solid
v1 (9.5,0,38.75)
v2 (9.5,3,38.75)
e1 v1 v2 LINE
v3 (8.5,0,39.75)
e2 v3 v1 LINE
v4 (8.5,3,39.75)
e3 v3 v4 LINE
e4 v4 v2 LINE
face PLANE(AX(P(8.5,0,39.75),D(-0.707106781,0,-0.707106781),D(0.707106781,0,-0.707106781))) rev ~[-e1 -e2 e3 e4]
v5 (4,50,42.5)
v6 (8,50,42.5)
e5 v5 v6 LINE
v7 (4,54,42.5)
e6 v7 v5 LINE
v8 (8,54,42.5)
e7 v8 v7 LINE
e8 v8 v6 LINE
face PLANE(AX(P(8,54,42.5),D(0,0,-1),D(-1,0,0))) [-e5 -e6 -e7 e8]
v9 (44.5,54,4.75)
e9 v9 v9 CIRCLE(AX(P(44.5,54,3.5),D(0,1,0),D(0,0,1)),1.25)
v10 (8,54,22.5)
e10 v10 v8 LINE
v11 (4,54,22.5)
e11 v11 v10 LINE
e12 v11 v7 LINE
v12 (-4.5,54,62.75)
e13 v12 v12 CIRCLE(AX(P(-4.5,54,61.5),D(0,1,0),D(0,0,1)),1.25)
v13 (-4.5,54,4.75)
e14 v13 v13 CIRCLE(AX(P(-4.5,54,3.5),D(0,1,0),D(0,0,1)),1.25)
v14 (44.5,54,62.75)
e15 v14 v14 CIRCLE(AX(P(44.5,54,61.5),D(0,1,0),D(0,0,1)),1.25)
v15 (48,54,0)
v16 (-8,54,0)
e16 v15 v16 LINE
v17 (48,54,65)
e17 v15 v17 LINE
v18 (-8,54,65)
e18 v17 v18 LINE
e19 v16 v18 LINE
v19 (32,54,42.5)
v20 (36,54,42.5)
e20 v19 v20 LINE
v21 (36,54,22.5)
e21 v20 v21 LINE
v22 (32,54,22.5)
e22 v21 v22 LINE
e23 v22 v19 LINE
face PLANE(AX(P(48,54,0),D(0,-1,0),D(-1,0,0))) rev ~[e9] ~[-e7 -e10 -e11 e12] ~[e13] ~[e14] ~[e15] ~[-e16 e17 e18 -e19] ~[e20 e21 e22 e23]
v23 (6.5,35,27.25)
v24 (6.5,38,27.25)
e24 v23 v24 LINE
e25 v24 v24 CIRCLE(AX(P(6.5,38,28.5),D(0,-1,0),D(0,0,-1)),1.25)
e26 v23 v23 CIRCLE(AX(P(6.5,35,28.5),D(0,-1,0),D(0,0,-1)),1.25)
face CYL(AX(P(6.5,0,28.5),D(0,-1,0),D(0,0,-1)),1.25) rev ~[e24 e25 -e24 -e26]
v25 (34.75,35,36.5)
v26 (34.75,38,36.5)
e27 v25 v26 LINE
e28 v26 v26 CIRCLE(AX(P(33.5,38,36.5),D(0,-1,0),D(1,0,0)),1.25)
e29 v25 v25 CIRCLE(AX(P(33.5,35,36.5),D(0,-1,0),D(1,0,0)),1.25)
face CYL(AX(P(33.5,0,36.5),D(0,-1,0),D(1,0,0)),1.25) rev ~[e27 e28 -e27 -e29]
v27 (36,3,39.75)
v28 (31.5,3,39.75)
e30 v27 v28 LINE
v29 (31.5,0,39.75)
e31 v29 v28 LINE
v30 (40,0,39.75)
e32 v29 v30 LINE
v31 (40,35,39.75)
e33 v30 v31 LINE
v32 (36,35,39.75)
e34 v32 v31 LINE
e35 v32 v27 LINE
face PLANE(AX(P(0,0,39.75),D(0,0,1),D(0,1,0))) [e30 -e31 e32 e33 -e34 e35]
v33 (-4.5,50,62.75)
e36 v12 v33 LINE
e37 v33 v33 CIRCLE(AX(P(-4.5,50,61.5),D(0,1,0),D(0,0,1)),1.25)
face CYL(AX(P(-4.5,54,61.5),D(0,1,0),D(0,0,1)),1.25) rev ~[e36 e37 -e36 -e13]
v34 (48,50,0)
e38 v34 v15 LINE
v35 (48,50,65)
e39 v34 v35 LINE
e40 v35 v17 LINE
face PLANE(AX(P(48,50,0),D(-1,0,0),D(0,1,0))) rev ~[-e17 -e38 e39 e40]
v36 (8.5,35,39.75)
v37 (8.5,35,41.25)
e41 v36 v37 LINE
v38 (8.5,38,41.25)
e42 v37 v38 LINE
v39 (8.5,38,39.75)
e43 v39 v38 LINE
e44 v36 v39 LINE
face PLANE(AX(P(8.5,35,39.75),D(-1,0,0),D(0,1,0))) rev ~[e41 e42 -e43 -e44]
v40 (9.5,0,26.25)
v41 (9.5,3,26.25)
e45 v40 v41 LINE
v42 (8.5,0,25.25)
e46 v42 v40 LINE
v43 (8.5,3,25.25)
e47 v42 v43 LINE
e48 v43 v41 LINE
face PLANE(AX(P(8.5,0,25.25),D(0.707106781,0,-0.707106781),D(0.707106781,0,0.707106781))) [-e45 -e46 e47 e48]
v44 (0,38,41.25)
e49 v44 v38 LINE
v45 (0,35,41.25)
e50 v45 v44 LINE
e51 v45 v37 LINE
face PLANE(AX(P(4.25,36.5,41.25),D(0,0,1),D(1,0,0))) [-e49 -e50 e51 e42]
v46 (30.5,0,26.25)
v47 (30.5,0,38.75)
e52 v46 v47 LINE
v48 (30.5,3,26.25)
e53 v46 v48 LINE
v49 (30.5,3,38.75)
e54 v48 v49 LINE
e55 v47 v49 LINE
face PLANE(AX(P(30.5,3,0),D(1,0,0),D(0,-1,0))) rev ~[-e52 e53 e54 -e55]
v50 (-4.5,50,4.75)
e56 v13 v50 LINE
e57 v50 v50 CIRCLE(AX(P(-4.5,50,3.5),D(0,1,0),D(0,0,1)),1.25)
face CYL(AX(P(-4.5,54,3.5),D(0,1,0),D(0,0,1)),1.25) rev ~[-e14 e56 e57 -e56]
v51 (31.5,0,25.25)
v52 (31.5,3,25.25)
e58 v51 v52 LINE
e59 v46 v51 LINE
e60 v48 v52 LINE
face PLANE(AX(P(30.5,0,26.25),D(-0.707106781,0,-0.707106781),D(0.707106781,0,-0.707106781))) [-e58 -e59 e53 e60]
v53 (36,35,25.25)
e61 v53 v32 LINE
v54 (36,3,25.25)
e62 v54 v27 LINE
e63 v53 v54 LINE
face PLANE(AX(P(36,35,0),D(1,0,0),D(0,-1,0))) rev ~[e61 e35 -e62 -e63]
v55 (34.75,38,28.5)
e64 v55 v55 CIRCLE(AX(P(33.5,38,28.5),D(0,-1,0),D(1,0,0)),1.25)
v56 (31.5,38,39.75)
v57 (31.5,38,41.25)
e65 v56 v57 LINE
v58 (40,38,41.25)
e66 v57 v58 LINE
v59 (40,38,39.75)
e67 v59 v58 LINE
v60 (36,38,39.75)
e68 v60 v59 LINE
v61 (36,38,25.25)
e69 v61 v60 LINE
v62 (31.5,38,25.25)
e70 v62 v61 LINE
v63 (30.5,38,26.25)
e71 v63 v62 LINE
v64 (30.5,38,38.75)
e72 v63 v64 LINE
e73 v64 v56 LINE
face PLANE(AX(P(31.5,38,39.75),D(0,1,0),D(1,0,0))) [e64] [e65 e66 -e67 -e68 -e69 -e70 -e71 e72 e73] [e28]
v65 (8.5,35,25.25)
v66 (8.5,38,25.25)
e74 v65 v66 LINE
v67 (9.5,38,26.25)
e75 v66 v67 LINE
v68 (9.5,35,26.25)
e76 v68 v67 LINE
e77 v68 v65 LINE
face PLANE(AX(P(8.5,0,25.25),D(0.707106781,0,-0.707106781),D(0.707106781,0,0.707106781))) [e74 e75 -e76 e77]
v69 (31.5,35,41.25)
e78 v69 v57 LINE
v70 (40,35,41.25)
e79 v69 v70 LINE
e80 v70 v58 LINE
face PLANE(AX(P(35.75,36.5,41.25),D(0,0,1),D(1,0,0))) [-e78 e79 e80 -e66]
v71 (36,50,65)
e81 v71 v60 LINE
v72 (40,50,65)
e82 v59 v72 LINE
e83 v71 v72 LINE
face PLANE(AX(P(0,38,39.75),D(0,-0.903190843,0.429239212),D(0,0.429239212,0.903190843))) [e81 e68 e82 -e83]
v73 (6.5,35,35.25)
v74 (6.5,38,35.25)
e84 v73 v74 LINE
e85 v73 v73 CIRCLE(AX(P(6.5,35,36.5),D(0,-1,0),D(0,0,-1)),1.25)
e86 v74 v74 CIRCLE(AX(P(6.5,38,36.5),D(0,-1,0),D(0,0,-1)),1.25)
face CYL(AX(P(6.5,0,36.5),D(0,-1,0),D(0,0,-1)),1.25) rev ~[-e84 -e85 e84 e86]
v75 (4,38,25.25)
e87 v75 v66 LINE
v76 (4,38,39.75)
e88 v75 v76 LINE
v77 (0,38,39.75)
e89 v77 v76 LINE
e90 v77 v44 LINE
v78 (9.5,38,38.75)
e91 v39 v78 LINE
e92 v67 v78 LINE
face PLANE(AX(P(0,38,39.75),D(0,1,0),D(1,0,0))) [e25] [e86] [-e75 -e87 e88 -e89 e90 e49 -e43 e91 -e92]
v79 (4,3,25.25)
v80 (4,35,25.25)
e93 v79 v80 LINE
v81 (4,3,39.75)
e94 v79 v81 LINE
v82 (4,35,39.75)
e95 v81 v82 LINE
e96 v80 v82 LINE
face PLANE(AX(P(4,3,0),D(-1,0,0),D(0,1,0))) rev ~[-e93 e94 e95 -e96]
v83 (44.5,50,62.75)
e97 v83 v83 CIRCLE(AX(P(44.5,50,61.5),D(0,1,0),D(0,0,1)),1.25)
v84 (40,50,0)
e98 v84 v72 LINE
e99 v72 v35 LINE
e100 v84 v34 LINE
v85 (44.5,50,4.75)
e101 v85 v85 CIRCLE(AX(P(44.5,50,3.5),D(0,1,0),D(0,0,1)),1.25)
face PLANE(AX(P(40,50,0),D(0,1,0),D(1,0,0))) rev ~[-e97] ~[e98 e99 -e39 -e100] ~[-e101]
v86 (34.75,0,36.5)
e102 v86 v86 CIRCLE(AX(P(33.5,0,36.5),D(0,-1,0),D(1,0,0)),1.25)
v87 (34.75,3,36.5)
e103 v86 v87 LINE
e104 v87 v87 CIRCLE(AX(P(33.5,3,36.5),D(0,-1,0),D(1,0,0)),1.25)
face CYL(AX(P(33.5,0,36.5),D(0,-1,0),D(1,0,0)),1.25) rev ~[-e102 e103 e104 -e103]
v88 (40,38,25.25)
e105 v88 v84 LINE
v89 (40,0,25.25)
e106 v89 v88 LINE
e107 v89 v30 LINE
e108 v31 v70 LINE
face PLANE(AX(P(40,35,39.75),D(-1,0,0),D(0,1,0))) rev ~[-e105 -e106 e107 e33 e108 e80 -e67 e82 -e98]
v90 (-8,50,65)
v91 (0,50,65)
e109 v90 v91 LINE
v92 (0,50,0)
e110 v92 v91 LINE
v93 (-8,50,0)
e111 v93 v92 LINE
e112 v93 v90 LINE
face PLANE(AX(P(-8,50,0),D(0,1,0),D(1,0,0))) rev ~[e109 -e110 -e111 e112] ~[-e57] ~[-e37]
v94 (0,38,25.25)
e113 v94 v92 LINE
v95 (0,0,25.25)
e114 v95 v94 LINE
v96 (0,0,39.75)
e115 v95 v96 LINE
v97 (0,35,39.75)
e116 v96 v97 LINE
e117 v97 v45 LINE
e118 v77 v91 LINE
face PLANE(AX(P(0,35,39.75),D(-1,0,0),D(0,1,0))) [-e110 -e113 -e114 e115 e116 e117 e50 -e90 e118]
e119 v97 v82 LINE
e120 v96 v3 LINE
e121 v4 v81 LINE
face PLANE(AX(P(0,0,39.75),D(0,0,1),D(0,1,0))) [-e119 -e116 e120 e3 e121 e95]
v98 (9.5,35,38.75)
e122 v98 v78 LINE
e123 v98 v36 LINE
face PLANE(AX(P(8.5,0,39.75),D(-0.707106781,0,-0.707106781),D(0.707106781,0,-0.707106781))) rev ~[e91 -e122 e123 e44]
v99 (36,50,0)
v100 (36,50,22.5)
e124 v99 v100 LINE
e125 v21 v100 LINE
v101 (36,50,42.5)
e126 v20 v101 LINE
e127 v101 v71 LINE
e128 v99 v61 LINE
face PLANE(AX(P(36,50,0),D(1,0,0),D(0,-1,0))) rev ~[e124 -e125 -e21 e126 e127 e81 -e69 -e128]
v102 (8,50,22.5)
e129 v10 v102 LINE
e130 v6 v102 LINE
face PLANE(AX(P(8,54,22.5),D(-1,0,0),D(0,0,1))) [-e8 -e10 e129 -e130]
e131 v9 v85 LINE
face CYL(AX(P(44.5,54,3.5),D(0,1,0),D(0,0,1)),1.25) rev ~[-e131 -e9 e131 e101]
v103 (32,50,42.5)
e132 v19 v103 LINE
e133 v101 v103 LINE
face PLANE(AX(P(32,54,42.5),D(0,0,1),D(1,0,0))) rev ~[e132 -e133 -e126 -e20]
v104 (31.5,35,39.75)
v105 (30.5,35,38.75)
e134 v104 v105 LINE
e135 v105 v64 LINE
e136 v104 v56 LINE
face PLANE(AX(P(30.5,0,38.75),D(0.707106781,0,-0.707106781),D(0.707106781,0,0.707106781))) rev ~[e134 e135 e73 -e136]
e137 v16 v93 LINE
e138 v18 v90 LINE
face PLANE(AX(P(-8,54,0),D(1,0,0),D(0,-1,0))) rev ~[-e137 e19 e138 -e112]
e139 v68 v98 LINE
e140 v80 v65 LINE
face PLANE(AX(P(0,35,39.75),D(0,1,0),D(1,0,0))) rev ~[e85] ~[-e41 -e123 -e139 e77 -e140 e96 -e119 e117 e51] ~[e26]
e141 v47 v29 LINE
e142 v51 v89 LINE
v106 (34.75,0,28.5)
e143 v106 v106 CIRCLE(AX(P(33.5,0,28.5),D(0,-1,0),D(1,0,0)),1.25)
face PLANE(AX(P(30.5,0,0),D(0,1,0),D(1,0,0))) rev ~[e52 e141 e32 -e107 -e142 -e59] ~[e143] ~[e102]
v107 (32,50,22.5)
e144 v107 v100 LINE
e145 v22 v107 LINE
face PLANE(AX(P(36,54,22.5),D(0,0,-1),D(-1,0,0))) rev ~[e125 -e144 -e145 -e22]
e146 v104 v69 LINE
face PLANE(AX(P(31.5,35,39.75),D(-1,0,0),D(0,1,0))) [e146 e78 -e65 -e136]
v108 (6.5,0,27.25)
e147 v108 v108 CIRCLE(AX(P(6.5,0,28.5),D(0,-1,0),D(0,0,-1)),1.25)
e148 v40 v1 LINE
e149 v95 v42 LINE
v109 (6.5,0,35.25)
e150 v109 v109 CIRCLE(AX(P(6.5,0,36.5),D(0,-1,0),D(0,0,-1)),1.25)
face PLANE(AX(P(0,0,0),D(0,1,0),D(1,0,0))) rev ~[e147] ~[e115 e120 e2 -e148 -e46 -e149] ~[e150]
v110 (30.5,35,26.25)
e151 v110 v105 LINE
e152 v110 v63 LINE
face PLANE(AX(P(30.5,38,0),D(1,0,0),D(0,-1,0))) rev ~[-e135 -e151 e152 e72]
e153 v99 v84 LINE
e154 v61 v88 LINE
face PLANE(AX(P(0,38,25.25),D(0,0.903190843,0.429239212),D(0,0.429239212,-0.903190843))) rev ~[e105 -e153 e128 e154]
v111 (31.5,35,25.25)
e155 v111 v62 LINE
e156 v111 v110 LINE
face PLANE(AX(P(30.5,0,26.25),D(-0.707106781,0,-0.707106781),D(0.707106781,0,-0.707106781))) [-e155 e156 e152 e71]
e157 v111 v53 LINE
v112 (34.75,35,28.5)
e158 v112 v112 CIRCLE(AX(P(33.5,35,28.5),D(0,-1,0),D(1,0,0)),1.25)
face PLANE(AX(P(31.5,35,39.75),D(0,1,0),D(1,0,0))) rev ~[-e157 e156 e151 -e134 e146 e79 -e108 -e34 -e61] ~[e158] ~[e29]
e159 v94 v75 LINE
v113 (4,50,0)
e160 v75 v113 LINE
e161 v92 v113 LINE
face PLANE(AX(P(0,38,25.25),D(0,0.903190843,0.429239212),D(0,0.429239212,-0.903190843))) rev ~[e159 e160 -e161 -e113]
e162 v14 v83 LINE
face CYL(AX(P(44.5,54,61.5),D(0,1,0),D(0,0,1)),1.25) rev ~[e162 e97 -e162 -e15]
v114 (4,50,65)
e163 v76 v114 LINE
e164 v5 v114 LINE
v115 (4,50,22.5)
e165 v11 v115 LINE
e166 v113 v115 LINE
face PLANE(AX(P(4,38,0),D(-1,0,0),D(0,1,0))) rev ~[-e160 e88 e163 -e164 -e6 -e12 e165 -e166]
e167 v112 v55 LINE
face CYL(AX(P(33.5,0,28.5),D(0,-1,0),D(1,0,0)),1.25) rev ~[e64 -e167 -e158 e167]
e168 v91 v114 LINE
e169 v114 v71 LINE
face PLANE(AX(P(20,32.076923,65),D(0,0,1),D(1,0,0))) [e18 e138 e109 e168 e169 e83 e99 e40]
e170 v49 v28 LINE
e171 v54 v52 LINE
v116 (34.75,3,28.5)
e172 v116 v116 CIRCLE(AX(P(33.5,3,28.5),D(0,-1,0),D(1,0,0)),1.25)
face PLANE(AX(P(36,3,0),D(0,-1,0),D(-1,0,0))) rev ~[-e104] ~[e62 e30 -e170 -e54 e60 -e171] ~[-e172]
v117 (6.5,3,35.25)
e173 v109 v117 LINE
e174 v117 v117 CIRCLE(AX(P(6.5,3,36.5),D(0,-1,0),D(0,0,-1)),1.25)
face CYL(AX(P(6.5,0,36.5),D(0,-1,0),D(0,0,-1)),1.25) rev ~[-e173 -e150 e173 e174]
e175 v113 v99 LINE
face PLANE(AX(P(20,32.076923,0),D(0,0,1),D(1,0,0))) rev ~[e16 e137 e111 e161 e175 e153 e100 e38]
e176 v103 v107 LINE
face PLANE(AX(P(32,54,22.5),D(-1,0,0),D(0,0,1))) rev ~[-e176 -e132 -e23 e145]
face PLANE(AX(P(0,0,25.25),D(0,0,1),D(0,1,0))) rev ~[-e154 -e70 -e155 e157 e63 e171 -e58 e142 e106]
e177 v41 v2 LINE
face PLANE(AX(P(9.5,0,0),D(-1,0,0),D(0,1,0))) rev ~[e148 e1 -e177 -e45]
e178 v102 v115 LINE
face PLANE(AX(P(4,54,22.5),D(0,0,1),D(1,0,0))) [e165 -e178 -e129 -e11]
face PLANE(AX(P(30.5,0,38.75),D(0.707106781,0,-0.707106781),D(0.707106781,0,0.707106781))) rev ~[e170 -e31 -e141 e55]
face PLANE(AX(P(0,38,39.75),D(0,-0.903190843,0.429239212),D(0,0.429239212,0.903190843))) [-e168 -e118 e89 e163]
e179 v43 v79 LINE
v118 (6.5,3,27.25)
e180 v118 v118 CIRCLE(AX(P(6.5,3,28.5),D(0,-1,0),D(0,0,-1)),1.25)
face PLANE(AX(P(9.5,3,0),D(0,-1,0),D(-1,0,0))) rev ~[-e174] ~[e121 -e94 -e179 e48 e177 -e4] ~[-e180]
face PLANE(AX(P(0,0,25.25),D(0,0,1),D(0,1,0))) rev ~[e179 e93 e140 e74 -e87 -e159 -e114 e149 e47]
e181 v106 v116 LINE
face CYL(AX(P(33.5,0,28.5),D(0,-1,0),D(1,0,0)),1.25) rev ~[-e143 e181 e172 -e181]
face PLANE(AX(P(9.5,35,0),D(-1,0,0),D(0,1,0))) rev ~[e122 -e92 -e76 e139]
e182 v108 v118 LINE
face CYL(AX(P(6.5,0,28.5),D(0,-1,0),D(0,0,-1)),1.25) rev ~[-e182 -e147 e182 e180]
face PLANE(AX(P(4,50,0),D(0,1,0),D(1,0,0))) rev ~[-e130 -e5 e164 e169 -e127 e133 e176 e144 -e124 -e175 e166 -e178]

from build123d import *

# Parameters (mm, degrees)
EXTRUDE_1_DEPTH      = 65
CUT_EXTRUDE_2_REACH  = 99.185
SKETCH_2_R           = 1.25
CUT_EXTRUDE_4_REACH  = 99.185
SKETCH_10_R          = 1.25
CUT_EXTRUDE_8_DEPTH  = 98.185389848
CUT_EXTRUDE_9_REACH  = 99.185
CUT_EXTRUDE_10_REACH = 99.185
SKETCH_25_W          = 8.5
SKETCH_25_H          = 3
EXTRUDE_2_DEPTH      = 1.5
SKETCH_26_W          = 8.5
SKETCH_26_H          = 3
EXTRUDE_3_DEPTH      = 1.5
CUT_EXTRUDE_11_REACH = 99.185


with BuildPart() as part:
    # 草图1 → 凸台-拉伸1 (new body)
    with BuildSketch(Plane.XY):
        Polygon((9.5, 3), (4, 3), (4, 35), (9.5, 35), (9.5, 38), (4, 38), (4, 50), (36, 50), (36, 38), (30.5, 38), (30.5, 35), (36, 35), (36, 3), (30.5, 3), (30.5, 0), (40, 0), (40, 50), (48, 50), (48, 54), (-8, 54), (-8, 50), (0, 50), (0, 0), (9.5, 0), align=None)
    extrude(amount=EXTRUDE_1_DEPTH)

    # 草图2 → 切除-拉伸2 (cut, up to next)
    with BuildSketch(Plane(origin=(0, 54, 0), x_dir=(1, 0, 0), z_dir=(0, 1, 0)), mode=Mode.PRIVATE) as cut_extrude_2_sk1:
        with Locations(Location((-4.5, -61.5, 0), (0, 0, 270))):
            Circle(SKETCH_2_R)
    cut_extrude_2_tool1 = extrude(cut_extrude_2_sk1.sketch, amount=-CUT_EXTRUDE_2_REACH, mode=Mode.PRIVATE) & part.part
    # 草图2 → 切除-拉伸2 (cut, up to next)
    with BuildSketch(Plane(origin=(0, 54, 0), x_dir=(1, 0, 0), z_dir=(0, 1, 0)), mode=Mode.PRIVATE) as cut_extrude_2_sk2:
        with Locations(Location((44.5, -61.5, 0), (0, 0, 270))):
            Circle(SKETCH_2_R)
    cut_extrude_2_tool2 = extrude(cut_extrude_2_sk2.sketch, amount=-CUT_EXTRUDE_2_REACH, mode=Mode.PRIVATE) & part.part
    # 草图2 → 切除-拉伸2 (cut, up to next)
    with BuildSketch(Plane(origin=(0, 54, 0), x_dir=(1, 0, 0), z_dir=(0, 1, 0)), mode=Mode.PRIVATE) as cut_extrude_2_sk3:
        with Locations(Location((44.5, -3.5, 0), (0, 0, 270))):
            Circle(SKETCH_2_R)
    cut_extrude_2_tool3 = extrude(cut_extrude_2_sk3.sketch, amount=-CUT_EXTRUDE_2_REACH, mode=Mode.PRIVATE) & part.part
    # 草图2 → 切除-拉伸2 (cut, up to next)
    with BuildSketch(Plane(origin=(0, 54, 0), x_dir=(1, 0, 0), z_dir=(0, 1, 0)), mode=Mode.PRIVATE) as cut_extrude_2_sk4:
        with Locations(Location((-4.5, -3.5, 0), (0, 0, 270))):
            Circle(SKETCH_2_R)
    cut_extrude_2_tool4 = extrude(cut_extrude_2_sk4.sketch, amount=-CUT_EXTRUDE_2_REACH, mode=Mode.PRIVATE) & part.part
    add(cut_extrude_2_tool1.solids().sort_by_distance((-4.5, 54, 61.5))[0], mode=Mode.SUBTRACT)
    add(cut_extrude_2_tool2.solids().sort_by_distance((44.5, 54, 61.5))[0], mode=Mode.SUBTRACT)
    add(cut_extrude_2_tool3.solids().sort_by_distance((44.5, 54, 3.5))[0], mode=Mode.SUBTRACT)
    add(cut_extrude_2_tool4.solids().sort_by_distance((-4.5, 54, 3.5))[0], mode=Mode.SUBTRACT)

    # 切除-拉伸4: up to this face of the body (flat: up to its plane)
    cut_extrude_4_end = Plane(part.part.faces().sort_by_distance((6.75, 38, 32.5))[0])
    # 草图10 → 切除-拉伸4 (cut, up to the picked face)
    with BuildSketch(Plane.XZ, mode=Mode.PRIVATE) as cut_extrude_4_sk1:
        with Locations((33.5, 36.5)):
            Circle(SKETCH_10_R)
    cut_extrude_4_tool1 = split(extrude(cut_extrude_4_sk1.sketch, amount=-CUT_EXTRUDE_4_REACH, mode=Mode.PRIVATE), bisect_by=cut_extrude_4_end, keep=Keep.BOTH, mode=Mode.PRIVATE)
    # 草图10 → 切除-拉伸4 (cut, up to the picked face)
    with BuildSketch(Plane.XZ, mode=Mode.PRIVATE) as cut_extrude_4_sk2:
        with Locations((33.5, 28.5)):
            Circle(SKETCH_10_R)
    cut_extrude_4_tool2 = split(extrude(cut_extrude_4_sk2.sketch, amount=-CUT_EXTRUDE_4_REACH, mode=Mode.PRIVATE), bisect_by=cut_extrude_4_end, keep=Keep.BOTH, mode=Mode.PRIVATE)
    # 草图10 → 切除-拉伸4 (cut, up to the picked face)
    with BuildSketch(Plane.XZ, mode=Mode.PRIVATE) as cut_extrude_4_sk3:
        with Locations(Location((6.5, 28.5, 0), (0, 0, 270))):
            Circle(SKETCH_10_R)
    cut_extrude_4_tool3 = split(extrude(cut_extrude_4_sk3.sketch, amount=-CUT_EXTRUDE_4_REACH, mode=Mode.PRIVATE), bisect_by=cut_extrude_4_end, keep=Keep.BOTH, mode=Mode.PRIVATE)
    # 草图10 → 切除-拉伸4 (cut, up to the picked face)
    with BuildSketch(Plane.XZ, mode=Mode.PRIVATE) as cut_extrude_4_sk4:
        with Locations(Location((6.5, 36.5, 0), (0, 0, 270))):
            Circle(SKETCH_10_R)
    cut_extrude_4_tool4 = split(extrude(cut_extrude_4_sk4.sketch, amount=-CUT_EXTRUDE_4_REACH, mode=Mode.PRIVATE), bisect_by=cut_extrude_4_end, keep=Keep.BOTH, mode=Mode.PRIVATE)
    add(cut_extrude_4_tool1.solids().sort_by(Axis((33.5, 0, 36.5), (0, 1, 0)))[0], mode=Mode.SUBTRACT)
    add(cut_extrude_4_tool2.solids().sort_by(Axis((33.5, 0, 28.5), (0, 1, 0)))[0], mode=Mode.SUBTRACT)
    add(cut_extrude_4_tool3.solids().sort_by(Axis((6.5, 0, 28.5), (0, 1, 0)))[0], mode=Mode.SUBTRACT)
    add(cut_extrude_4_tool4.solids().sort_by(Axis((6.5, 0, 36.5), (0, 1, 0)))[0], mode=Mode.SUBTRACT)

    # 草图20 → 切除-拉伸8 (cut, through all)
    with BuildSketch(Plane.ZY):
        Polygon((0, 50), (0, 0), (25.25, 0), (25.25, 38), align=None)
        Polygon((65, 50), (65, 0), (39.75, 0), (39.75, 38), align=None)
    extrude(amount=-CUT_EXTRUDE_8_DEPTH, mode=Mode.SUBTRACT)

    # 切除-拉伸9: up to this face of the body (flat: up to its plane)
    cut_extrude_9_end = Plane(part.part.faces().sort_by_distance((33.214903751, 38, 32.5))[0])
    # 草图21 → 切除-拉伸9 (cut, up to the picked face)
    with BuildSketch(Plane.XZ, mode=Mode.PRIVATE) as cut_extrude_9_sk1:
        Polygon((30.5, 38.75), (31.5, 39.75), (30.5, 39.75), align=None)
    cut_extrude_9_tool1 = split(extrude(cut_extrude_9_sk1.sketch, amount=-CUT_EXTRUDE_9_REACH, mode=Mode.PRIVATE), bisect_by=cut_extrude_9_end, keep=Keep.BOTH, mode=Mode.PRIVATE)
    # 草图21 → 切除-拉伸9 (cut, up to the picked face)
    with BuildSketch(Plane.XZ, mode=Mode.PRIVATE) as cut_extrude_9_sk2:
        Polygon((30.5, 26.25), (31.5, 25.25), (30.5, 25.25), align=None)
    cut_extrude_9_tool2 = split(extrude(cut_extrude_9_sk2.sketch, amount=-CUT_EXTRUDE_9_REACH, mode=Mode.PRIVATE), bisect_by=cut_extrude_9_end, keep=Keep.BOTH, mode=Mode.PRIVATE)
    add(cut_extrude_9_tool1.solids().sort_by(Axis((30.833333, 0, 39.416667), (0, 1, 0)))[0], mode=Mode.SUBTRACT)
    add(cut_extrude_9_tool2.solids().sort_by(Axis((30.833333, 0, 25.583333), (0, 1, 0)))[0], mode=Mode.SUBTRACT)

    # 切除-拉伸10: up to this face of the body (flat: up to its plane)
    cut_extrude_10_end = Plane(part.part.faces().sort_by_distance((6.785096249, 38, 32.5))[0])
    # 草图22 → 切除-拉伸10 (cut, up to the picked face)
    with BuildSketch(Plane(origin=(0, 0, 0), x_dir=(-1, 0, 0), z_dir=(0, -1, 0)), mode=Mode.PRIVATE) as cut_extrude_10_sk1:
        Polygon((-8.5, -39.75), (-9.5, -38.75), (-9.5, -39.75), align=None)
    cut_extrude_10_tool1 = split(extrude(cut_extrude_10_sk1.sketch, amount=-CUT_EXTRUDE_10_REACH, mode=Mode.PRIVATE), bisect_by=cut_extrude_10_end, keep=Keep.BOTH, mode=Mode.PRIVATE)
    # 草图22 → 切除-拉伸10 (cut, up to the picked face)
    with BuildSketch(Plane(origin=(0, 0, 0), x_dir=(-1, 0, 0), z_dir=(0, -1, 0)), mode=Mode.PRIVATE) as cut_extrude_10_sk2:
        Polygon((-9.5, -25.25), (-8.5, -25.25), (-9.5, -26.25), align=None)
    cut_extrude_10_tool2 = split(extrude(cut_extrude_10_sk2.sketch, amount=-CUT_EXTRUDE_10_REACH, mode=Mode.PRIVATE), bisect_by=cut_extrude_10_end, keep=Keep.BOTH, mode=Mode.PRIVATE)
    add(cut_extrude_10_tool1.solids().sort_by(Axis((9.166667, 0, 39.416667), (0, 1, 0)))[0], mode=Mode.SUBTRACT)
    add(cut_extrude_10_tool2.solids().sort_by(Axis((9.166667, 0, 25.583333), (0, 1, 0)))[0], mode=Mode.SUBTRACT)

    # 草图25 → 凸台-拉伸2 (add)
    with BuildSketch(Plane.XY.offset(39.75)):
        with Locations((4.25, 36.5)):
            Rectangle(SKETCH_25_W, SKETCH_25_H)
    extrude(amount=EXTRUDE_2_DEPTH)

    # 草图26 → 凸台-拉伸3 (add)
    with BuildSketch(Plane.XY.offset(39.75)):
        with Locations((35.75, 36.5)):
            Rectangle(SKETCH_26_W, SKETCH_26_H)
    extrude(amount=EXTRUDE_3_DEPTH)

    # 草图27 → 切除-拉伸11 (cut, up to next)
    with BuildSketch(Plane(origin=(0, 54, 0), x_dir=(1, 0, 0), z_dir=(0, 1, 0)), mode=Mode.PRIVATE) as cut_extrude_11_sk1:
        Polygon((4, -32.5), (4, -22.5), (8, -22.5), (8, -42.5), (4, -42.5), align=None)
    cut_extrude_11_tool1 = extrude(cut_extrude_11_sk1.sketch, amount=-CUT_EXTRUDE_11_REACH, mode=Mode.PRIVATE) & part.part
    # 草图27 → 切除-拉伸11 (cut, up to next)
    with BuildSketch(Plane(origin=(0, 54, 0), x_dir=(1, 0, 0), z_dir=(0, 1, 0)), mode=Mode.PRIVATE) as cut_extrude_11_sk2:
        Polygon((36, -32.5), (36, -22.5), (32, -22.5), (32, -42.5), (36, -42.5), align=None)
    cut_extrude_11_tool2 = extrude(cut_extrude_11_sk2.sketch, amount=-CUT_EXTRUDE_11_REACH, mode=Mode.PRIVATE) & part.part
    add(cut_extrude_11_tool1.solids().sort_by_distance((6, 54, 32.5))[0], mode=Mode.SUBTRACT)
    add(cut_extrude_11_tool2.solids().sort_by_distance((34, 54, 32.5))[0], mode=Mode.SUBTRACT)


solid = part.part
